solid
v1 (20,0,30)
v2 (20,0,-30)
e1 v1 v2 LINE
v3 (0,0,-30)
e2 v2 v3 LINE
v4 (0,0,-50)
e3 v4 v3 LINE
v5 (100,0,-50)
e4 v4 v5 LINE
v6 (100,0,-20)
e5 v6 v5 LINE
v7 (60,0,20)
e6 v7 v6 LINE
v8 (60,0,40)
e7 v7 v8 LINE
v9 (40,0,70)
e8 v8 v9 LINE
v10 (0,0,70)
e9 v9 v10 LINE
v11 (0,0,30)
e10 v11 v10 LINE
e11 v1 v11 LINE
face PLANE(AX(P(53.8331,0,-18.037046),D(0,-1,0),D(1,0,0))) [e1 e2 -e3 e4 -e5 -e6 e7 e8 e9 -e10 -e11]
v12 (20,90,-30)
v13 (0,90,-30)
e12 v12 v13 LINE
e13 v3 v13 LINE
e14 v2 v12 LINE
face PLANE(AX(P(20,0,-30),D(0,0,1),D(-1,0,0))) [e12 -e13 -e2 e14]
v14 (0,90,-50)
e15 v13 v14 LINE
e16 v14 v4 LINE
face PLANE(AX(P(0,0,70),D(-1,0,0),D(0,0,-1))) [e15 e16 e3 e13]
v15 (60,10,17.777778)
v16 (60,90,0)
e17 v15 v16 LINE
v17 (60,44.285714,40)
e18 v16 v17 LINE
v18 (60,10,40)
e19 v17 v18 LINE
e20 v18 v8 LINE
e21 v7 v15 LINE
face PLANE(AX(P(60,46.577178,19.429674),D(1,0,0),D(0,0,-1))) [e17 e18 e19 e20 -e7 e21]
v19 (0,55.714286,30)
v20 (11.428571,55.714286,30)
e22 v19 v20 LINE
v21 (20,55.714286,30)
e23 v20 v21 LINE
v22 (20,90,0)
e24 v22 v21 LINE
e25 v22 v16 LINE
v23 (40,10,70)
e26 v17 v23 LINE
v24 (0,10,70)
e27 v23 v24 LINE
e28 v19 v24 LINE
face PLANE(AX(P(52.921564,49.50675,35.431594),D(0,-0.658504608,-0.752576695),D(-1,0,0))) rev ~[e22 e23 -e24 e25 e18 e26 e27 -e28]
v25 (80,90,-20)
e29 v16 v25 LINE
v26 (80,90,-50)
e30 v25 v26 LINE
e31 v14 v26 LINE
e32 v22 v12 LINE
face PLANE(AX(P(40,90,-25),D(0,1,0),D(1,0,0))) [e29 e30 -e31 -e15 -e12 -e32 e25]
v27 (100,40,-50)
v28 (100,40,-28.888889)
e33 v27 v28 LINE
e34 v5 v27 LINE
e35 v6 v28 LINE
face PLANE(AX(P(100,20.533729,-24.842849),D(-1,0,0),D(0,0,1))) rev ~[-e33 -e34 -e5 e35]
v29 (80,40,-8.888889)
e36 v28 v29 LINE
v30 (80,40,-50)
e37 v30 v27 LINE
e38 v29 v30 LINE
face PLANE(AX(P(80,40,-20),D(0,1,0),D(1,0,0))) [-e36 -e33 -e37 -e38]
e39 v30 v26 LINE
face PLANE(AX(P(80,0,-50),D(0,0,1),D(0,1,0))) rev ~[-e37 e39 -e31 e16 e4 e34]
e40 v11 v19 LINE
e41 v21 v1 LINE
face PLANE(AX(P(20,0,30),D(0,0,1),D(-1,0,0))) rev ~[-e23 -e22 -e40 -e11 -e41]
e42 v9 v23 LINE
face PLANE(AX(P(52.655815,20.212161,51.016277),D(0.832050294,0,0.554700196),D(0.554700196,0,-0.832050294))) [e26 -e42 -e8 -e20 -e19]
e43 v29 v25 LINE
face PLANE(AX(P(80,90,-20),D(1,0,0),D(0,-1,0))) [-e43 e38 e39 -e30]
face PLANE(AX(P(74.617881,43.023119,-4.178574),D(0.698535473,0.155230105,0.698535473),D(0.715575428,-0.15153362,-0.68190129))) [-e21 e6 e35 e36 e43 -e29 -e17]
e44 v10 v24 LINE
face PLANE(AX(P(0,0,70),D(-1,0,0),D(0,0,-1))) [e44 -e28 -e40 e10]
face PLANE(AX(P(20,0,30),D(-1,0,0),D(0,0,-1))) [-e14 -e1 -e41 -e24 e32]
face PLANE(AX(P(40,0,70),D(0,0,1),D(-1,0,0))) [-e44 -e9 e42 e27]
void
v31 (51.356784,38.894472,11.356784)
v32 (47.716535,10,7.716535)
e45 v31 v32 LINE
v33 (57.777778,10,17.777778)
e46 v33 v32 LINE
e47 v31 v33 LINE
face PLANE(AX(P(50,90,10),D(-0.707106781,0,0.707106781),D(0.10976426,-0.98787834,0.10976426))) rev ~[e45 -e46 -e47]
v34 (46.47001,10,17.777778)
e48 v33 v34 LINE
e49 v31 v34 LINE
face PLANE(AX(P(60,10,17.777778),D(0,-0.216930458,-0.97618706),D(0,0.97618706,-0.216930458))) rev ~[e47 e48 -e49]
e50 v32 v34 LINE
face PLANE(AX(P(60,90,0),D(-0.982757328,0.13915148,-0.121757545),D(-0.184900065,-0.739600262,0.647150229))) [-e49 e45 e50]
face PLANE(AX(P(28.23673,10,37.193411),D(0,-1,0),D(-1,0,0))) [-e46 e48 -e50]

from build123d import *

# Parameters (mm, degrees)
SKETCH1_W            = 80
SKETCH1_H            = 50
BOSS_EXTRUDE1_DEPTH  = 90
SKETCH2_W            = 20
SKETCH2_H            = 30
CUT_EXTRUDE1_DEPTH   = 90
BOSS_EXTRUDE2_DEPTH  = 20
CUT_EXTRUDE2_DEPTH   = 127
BOSS_EXTRUDE10_DEPTH = 38
BOSS_EXTRUDE16_DEPTH = 38
BOSS_EXTRUDE17_DEPTH = 38
SKETCH13_W           = 30
SKETCH13_H           = 50
CUT_EXTRUDE4_DEPTH   = 38
SKETCH14_W           = 100
SKETCH14_H           = 90
CUT_EXTRUDE5_DEPTH   = 38
SKETCH15_W           = 106.776830175
SKETCH15_H           = 78.518203409
CUT_EXTRUDE6_DEPTH   = 38
BOSS_EXTRUDE18_DEPTH = 10
CUT_EXTRUDE7_DEPTH   = 10
BOSS_EXTRUDE19_DEPTH = 112
SKETCH19_W           = 80
SKETCH19_H           = 90
CUT_EXTRUDE8_DEPTH   = 112
SKETCH20_W           = 107.666200856
SKETCH20_H           = 176.074092784
CUT_EXTRUDE9_DEPTH   = 112
SKETCH21_W           = 20
SKETCH21_H           = 60
CUT_EXTRUDE10_DEPTH  = 112
SKETCH27_W           = 22.568644797
SKETCH27_H           = 9.839278278
BOSS_EXTRUDE22_DEPTH = 20
BOSS_EXTRUDE24_DEPTH = 91
SKETCH32_W           = 16.460176991
SKETCH32_H           = 60
CUT_EXTRUDE13_DEPTH  = 101
CUT_EXTRUDE14_DEPTH  = 101
BOSS_EXTRUDE25_DEPTH = 5
SKETCH35_W           = 20
SKETCH35_H           = 60
CUT_EXTRUDE15_DEPTH  = 152
BOSS_EXTRUDE27_DEPTH = 20
SKETCH42_W           = 25
SKETCH42_H           = 10
BOSS_EXTRUDE29_DEPTH = 20
BOSS_EXTRUDE30_DEPTH = 20
BOSS_EXTRUDE31_DEPTH = 20
SKETCH46_W           = 60
SKETCH46_H           = 50
CUT_EXTRUDE19_DEPTH  = 20
CUT_EXTRUDE20_DEPTH  = 20
CUT_EXTRUDE21_DEPTH  = 10


with BuildPart() as part:
    # Sketch1 → Boss-Extrude1 (new body)
    with BuildSketch(Plane(origin=(0, 0, 0), x_dir=(1, 0, 0), z_dir=(0, 1, 0))):
        with Locations((40, 25)):
            Rectangle(SKETCH1_W, SKETCH1_H)
    extrude(amount=BOSS_EXTRUDE1_DEPTH)

    # Sketch2 → Cut-Extrude1 (cut)
    with BuildSketch(Plane(origin=(0, 90, 0), x_dir=(1, 0, 0), z_dir=(0, 1, 0))):
        with Locations((10, 15)):
            Rectangle(SKETCH2_W, SKETCH2_H)
    extrude(amount=-CUT_EXTRUDE1_DEPTH, mode=Mode.SUBTRACT)

    # Sketch3 → Boss-Extrude2 (add)
    with BuildSketch(Plane(origin=(80, 0, 0), x_dir=(0, 0, -1), z_dir=(1, 0, 0))):
        Polygon((20, 0), (50, 0), (50, 40), (30, 40), align=None)
    extrude(amount=BOSS_EXTRUDE2_DEPTH)

    # Sketch4 → Cut-Extrude2 (cut)
    with BuildSketch(Plane(origin=(0, 90, 0), x_dir=(1, 0, 0), z_dir=(0, 1, 0))):
        Polygon((60, 0), (80, 20), (80, 0), align=None)
    extrude(amount=-CUT_EXTRUDE2_DEPTH, mode=Mode.SUBTRACT)

    # Sketch7 → Boss-Extrude10 (add)
    with BuildSketch(Plane(origin=(38.787878788, 9.696969697, 38.787878788), x_dir=(0.717740563, -0.168880132, -0.675520529), z_dir=(0.696310624, 0.174077656, 0.696310624))):
        Polygon((29.554023164, -4.850712501), (85.284466846, 4.850712501), (85.284466846, 46.081768757), align=None)
    extrude(amount=-BOSS_EXTRUDE10_DEPTH)

    # Sketch10 → Boss-Extrude16 (add)
    with BuildSketch(Plane(origin=(39.036144578, 8.674698795, 39.036144578), x_dir=(0.715575428, -0.15153362, -0.68190129), z_dir=(0.698535473, 0.155230105, 0.698535473))):
        Polygon((57.246034218, 92.195444573), (15.321732688, 85.687530838), (29.296499865, -4.338609156), (85.195568572, 4.338609156), (85.195568572, 46.23657111), align=None)
    extrude(amount=-BOSS_EXTRUDE16_DEPTH)

    # Sketch11 → Boss-Extrude17 (add)
    with BuildSketch(Plane(origin=(100, 0, 0), x_dir=(0, 0, -1), z_dir=(1, 0, 0))):
        Polygon((20, 0), (29.088944068, 40.900248307), (30, 40), align=None)
    extrude(amount=-BOSS_EXTRUDE17_DEPTH)

    # Sketch13 → Cut-Extrude4 (cut)
    with BuildSketch(Plane(origin=(80, 0, 0), x_dir=(0, 0, -1), z_dir=(1, 0, 0))):
        with Locations((35, 65)):
            Rectangle(SKETCH13_W, SKETCH13_H)
    extrude(amount=CUT_EXTRUDE4_DEPTH, mode=Mode.SUBTRACT)

    # Sketch14 → Cut-Extrude5 (cut)
    with BuildSketch(Plane(origin=(0, 0, -50), x_dir=(-1, 0, 0), z_dir=(0, 0, -1))):
        with Locations((-50, 45)):
            Rectangle(SKETCH14_W, SKETCH14_H)
    extrude(amount=CUT_EXTRUDE5_DEPTH, mode=Mode.SUBTRACT)

    # Sketch15 → Cut-Extrude6 (cut)
    with BuildSketch(Plane.XZ):
        with Locations((53.388415088, -10.740898295)):
            Rectangle(SKETCH15_W, SKETCH15_H)
    extrude(amount=CUT_EXTRUDE6_DEPTH, mode=Mode.SUBTRACT)

    # Sketch16 → Boss-Extrude18 (add)
    with BuildSketch(Plane(origin=(0, 0, 0), x_dir=(-1, 0, 0), z_dir=(0, -1, 0))):
        Polygon((-60, -20), (-60, -40), (-40, -70), (0, -70), (0, -30), (-20, -30), (-20, 0), (-40, 0), align=None)
    extrude(amount=-BOSS_EXTRUDE18_DEPTH)

    # Sketch17 → Cut-Extrude7 (cut)
    with BuildSketch(Plane(origin=(0, 39.026548673, 44.601769912), x_dir=(-1, 0, 0), z_dir=(0, -0.658504608, -0.752576695))):
        Polygon((-20, 67.731902524), (0, -38.569555604), (-40, -38.569555604), (-60, 67.731902524), align=None)
    extrude(amount=-CUT_EXTRUDE7_DEPTH, mode=Mode.SUBTRACT)

    # Sketch18 → Boss-Extrude19 (add)
    with BuildSketch(Plane(origin=(0, 39.026548673, 44.601769912), x_dir=(-1, 0, 0), z_dir=(0, -0.658504608, -0.752576695))):
        Polygon((-20, 67.731902524), (-60, 67.731902524), (-40, -38.569555604), (0, -38.569555604), align=None)
    extrude(amount=BOSS_EXTRUDE19_DEPTH)

    # Sketch19 → Cut-Extrude8 (cut)
    with BuildSketch(Plane(origin=(0, 0, -50), x_dir=(-1, 0, 0), z_dir=(0, 0, -1))):
        with Locations((-40, 45)):
            Rectangle(SKETCH19_W, SKETCH19_H)
    extrude(amount=CUT_EXTRUDE8_DEPTH, mode=Mode.SUBTRACT)

    # Sketch20 → Cut-Extrude9 (cut)
    with BuildSketch(Plane.XZ):
        with Locations((53.833100428, -18.037046392)):
            Rectangle(SKETCH20_W, SKETCH20_H)
    extrude(amount=CUT_EXTRUDE9_DEPTH, mode=Mode.SUBTRACT)

    # Sketch21 → Cut-Extrude10 (cut)
    with BuildSketch(Plane(origin=(0, 0, 0), x_dir=(-1, 0, 0), z_dir=(0, -1, 0))):
        with Locations((-10, 0)):
            Rectangle(SKETCH21_W, SKETCH21_H)
    extrude(amount=-CUT_EXTRUDE10_DEPTH, mode=Mode.SUBTRACT)

    # Sketch27 → Boss-Extrude22 (add)
    with BuildSketch(Plane(origin=(60, 0, 0), x_dir=(0, 0, -1), z_dir=(1, 0, 0))):
        with Locations((-28.715677602, 4.919639139)):
            Rectangle(SKETCH27_W, SKETCH27_H)
    extrude(amount=-BOSS_EXTRUDE22_DEPTH)

    # Sketch31 → Boss-Extrude24 (add)
    with BuildSketch(Plane(origin=(0, 39.026548673, 44.601769912), x_dir=(-1, 0, 0), z_dir=(0, -0.658504608, -0.752576695))):
        Polygon((0, -38.569555604), (-11.428571429, 22.174134755), (0, 22.174134755), align=None)
    extrude(amount=BOSS_EXTRUDE24_DEPTH)

    # Sketch32 → Cut-Extrude13 (cut)
    with BuildSketch(Plane(origin=(0, 0, 0), x_dir=(-1, 0, 0), z_dir=(0, -1, 0))):
        with Locations((-11.769911504, 0)):
            Rectangle(SKETCH32_W, SKETCH32_H)
    extrude(amount=-CUT_EXTRUDE13_DEPTH, mode=Mode.SUBTRACT)

    # Sketch33 → Cut-Extrude14 (cut)
    with BuildSketch(Plane(origin=(7.008547009, -0.992360638, 0.868315559), x_dir=(0.120555065, -0.017069744, -0.992559872), z_dir=(0.982757328, -0.13915148, 0.121757545))):
        Polygon((-0.652056607, -49.430869531), (39.647779316, -2.565835787), (34.800706646, 1.602223376), (-58.135649667, 0), align=None)
    extrude(amount=-CUT_EXTRUDE14_DEPTH, mode=Mode.SUBTRACT)

    # Sketch34 → Boss-Extrude25 (add)
    with BuildSketch(Plane(origin=(0, 0, 0), x_dir=(-1, 0, 0), z_dir=(0, -1, 0))):
        Polygon((0, -58.571428571), (0, -30), (-3.539823009, -30), align=None)
        Polygon((0, 36.93877551), (0, 50), (-40, 50), (-40, -70), (0, -70), (0, -58.571428571), (-3.539823009, -30), (-20, -30), (-20, 30), (-10.973451327, 30), (-11.428571429, 33.673469388), align=None)
        Polygon((0, -30), (0, 30), (-10.973451327, 30), (-20, 30), (-20, -30), (-3.539823009, -30), align=None)
        Polygon((0, 30), (0, 36.93877551), (-11.428571429, 33.673469388), (-10.973451327, 30), align=None)
    extrude(amount=-BOSS_EXTRUDE25_DEPTH)

    # Sketch35 → Cut-Extrude15 (cut)
    with BuildSketch(Plane(origin=(0, 0, 0), x_dir=(-1, 0, 0), z_dir=(0, -1, 0))):
        with Locations((-10, 0)):
            Rectangle(SKETCH35_W, SKETCH35_H)
    extrude(amount=-CUT_EXTRUDE15_DEPTH, mode=Mode.SUBTRACT)

    # Sketch39 → Boss-Extrude27 (add)
    with BuildSketch(Plane(origin=(60, 0, 40), x_dir=(0.554700196, 0, -0.832050294), z_dir=(0.832050294, 0, 0.554700196))):
        Polygon((0, 10), (0, 40), (-36.055512755, 10), align=None)
    extrude(amount=-BOSS_EXTRUDE27_DEPTH)

    # Sketch42 → Boss-Extrude29 (add)
    with BuildSketch(Plane(origin=(60, 0, 0), x_dir=(0, 0, -1), z_dir=(1, 0, 0))):
        with Locations((-27.5, 5)):
            Rectangle(SKETCH42_W, SKETCH42_H)
    extrude(amount=-BOSS_EXTRUDE29_DEPTH)

    # Sketch43 → Boss-Extrude30 (add)
    with BuildSketch(Plane(origin=(60, 0, 0), x_dir=(0, 0, -1), z_dir=(1, 0, 0))):
        Polygon((-40, 10), (-17.777777778, 10), (0, 90), (-40, 40), align=None)
    extrude(amount=-BOSS_EXTRUDE30_DEPTH)

    # Sketch44 → Boss-Extrude31 (add)
    with BuildSketch(Plane(origin=(0, 39.026548673, 44.601769912), x_dir=(1, 0, 0), z_dir=(0, 0.658504608, 0.752576695))):
        Polygon((40, -38.569555604), (60, 67.731902524), (60, 3.762883474), align=None)
    extrude(amount=-BOSS_EXTRUDE31_DEPTH)

    # Sketch46 → Cut-Extrude19 (cut)
    with BuildSketch(Plane(origin=(0, 0, 0), x_dir=(-1, 0, 0), z_dir=(0, -1, 0))):
        with Locations((-30, -45)):
            Rectangle(SKETCH46_W, SKETCH46_H)
    extrude(amount=CUT_EXTRUDE19_DEPTH, mode=Mode.SUBTRACT)

    # Sketch47 → Cut-Extrude20 (cut)
    with BuildSketch(Plane(origin=(0, 0, -20), x_dir=(-1, 0, 0), z_dir=(0, 0, -1))):
        Polygon((-80, 90), (-80, 40), (-91.111111111, 40), align=None)
    extrude(amount=-CUT_EXTRUDE20_DEPTH, mode=Mode.SUBTRACT)

    # Sketch48 → Cut-Extrude21 (cut)
    with BuildSketch(Plane(origin=(60, 0, 40), x_dir=(0.554700196, 0, -0.832050294), z_dir=(0.832050294, 0, 0.554700196))):
        Polygon((0, 0), (0, 64.446209383), (-38.036246254, 32.223104692), (-36.055512755, 0), align=None)
    extrude(amount=CUT_EXTRUDE21_DEPTH, mode=Mode.SUBTRACT)


solid = part.part
